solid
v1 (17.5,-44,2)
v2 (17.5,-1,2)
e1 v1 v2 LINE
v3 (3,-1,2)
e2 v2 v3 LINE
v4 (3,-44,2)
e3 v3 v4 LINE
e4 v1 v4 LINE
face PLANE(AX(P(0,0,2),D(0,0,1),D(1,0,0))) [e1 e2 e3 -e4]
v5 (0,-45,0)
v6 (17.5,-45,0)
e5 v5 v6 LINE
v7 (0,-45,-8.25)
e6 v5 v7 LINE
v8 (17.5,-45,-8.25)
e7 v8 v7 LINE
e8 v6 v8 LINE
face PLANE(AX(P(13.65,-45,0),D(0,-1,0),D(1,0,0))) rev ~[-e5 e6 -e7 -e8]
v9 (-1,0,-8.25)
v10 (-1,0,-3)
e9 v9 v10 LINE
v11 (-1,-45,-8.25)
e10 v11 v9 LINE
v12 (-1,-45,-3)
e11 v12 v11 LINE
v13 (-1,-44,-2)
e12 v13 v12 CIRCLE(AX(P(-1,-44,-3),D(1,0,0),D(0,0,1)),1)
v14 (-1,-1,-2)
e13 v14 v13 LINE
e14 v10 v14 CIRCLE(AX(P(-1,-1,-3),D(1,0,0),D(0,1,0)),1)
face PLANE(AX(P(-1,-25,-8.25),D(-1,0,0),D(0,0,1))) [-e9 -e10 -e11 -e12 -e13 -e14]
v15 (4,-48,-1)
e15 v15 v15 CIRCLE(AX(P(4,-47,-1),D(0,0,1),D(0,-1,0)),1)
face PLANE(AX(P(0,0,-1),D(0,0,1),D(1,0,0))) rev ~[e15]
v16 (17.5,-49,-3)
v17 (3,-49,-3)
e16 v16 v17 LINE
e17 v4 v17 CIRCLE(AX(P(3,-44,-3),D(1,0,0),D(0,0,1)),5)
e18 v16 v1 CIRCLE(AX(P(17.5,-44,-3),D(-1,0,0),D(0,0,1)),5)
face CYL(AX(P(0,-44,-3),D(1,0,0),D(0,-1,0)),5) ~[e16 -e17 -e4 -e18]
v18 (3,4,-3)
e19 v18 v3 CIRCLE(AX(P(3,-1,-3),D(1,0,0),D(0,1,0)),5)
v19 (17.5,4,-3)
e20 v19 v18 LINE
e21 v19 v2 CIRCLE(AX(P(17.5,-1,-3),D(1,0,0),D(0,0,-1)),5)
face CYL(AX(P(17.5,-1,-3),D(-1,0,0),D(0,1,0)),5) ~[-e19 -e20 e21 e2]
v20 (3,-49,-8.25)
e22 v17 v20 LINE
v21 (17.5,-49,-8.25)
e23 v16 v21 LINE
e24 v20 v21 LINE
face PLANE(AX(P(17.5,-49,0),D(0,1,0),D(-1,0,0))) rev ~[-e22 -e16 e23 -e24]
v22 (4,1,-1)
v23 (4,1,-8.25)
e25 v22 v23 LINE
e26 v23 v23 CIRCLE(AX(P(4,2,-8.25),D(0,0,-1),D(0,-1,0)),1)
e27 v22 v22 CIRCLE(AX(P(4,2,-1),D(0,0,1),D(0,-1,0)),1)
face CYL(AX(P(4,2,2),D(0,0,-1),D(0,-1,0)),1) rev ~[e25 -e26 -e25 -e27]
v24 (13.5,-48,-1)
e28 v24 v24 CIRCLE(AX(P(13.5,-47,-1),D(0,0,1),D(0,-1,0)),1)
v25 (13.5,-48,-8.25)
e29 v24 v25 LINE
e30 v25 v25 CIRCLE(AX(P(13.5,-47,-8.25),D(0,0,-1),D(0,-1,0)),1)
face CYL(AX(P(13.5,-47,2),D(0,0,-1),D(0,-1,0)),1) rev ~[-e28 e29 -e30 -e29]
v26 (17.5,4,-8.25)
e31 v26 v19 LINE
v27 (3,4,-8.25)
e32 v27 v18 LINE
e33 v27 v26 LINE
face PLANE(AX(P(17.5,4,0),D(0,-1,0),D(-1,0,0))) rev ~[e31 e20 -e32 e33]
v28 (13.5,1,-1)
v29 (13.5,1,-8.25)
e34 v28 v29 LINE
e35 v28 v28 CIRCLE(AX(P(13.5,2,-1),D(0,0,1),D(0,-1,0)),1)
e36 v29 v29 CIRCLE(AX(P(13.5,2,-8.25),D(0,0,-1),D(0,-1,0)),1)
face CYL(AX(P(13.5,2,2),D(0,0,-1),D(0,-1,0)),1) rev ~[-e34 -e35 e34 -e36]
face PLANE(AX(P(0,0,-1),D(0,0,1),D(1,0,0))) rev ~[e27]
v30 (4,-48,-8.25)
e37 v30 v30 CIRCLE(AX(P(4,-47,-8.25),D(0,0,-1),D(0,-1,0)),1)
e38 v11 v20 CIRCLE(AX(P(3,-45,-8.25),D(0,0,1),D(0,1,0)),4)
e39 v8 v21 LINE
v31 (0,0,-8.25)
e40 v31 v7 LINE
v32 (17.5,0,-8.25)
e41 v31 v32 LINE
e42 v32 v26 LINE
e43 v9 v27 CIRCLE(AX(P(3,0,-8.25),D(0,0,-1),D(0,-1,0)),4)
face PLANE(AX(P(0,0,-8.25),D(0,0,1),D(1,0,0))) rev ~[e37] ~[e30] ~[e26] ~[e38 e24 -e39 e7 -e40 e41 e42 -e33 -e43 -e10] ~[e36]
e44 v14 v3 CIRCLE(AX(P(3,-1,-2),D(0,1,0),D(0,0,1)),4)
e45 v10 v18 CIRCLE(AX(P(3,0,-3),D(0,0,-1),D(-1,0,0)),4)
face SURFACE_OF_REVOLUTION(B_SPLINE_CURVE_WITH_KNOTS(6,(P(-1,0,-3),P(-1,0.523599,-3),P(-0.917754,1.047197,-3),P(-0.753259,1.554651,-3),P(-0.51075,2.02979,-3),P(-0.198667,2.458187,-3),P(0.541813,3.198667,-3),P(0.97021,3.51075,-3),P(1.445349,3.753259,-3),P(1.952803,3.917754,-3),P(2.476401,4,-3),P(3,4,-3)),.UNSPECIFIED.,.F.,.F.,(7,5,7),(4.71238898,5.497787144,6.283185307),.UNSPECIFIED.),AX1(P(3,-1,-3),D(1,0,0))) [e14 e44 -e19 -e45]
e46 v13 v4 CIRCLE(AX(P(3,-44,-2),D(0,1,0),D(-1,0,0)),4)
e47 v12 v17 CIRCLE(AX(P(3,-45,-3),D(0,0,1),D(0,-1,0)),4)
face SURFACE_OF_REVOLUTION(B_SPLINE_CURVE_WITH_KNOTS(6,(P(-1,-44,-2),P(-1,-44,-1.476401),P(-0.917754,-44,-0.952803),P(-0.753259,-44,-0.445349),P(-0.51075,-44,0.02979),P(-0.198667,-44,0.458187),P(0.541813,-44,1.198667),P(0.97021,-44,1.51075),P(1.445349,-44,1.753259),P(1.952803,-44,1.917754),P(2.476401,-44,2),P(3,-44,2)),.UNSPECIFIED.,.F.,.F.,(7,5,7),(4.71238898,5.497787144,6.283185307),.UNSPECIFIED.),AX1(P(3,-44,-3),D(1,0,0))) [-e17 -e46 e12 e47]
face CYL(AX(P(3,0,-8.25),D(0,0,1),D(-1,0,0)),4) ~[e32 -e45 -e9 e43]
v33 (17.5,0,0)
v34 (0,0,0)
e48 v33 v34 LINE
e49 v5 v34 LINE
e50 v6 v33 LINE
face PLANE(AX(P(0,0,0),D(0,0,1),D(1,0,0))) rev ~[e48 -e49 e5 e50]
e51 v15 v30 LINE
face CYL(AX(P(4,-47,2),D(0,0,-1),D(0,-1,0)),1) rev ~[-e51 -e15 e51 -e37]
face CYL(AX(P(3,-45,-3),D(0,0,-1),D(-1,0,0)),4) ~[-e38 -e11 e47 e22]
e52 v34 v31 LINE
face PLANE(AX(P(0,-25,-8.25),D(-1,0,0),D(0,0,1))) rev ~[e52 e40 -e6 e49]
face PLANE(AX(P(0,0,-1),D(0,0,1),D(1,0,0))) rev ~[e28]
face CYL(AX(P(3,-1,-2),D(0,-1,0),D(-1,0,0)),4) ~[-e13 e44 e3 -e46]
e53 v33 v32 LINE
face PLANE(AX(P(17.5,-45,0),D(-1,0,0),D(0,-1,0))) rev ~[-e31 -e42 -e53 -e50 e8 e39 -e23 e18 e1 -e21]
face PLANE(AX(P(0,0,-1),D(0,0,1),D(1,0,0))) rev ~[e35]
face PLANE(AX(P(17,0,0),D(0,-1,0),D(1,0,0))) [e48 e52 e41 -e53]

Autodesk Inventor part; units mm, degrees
ref_plane "YZ Plane" through (0, 0, 0) normal (1, 0, 0) x (0, 1, 0)
ref_plane "XZ Plane" through (0, 0, 0) normal (0, 1, 0) x (-1, 0, 0)
sketch "Szkic1" plane through (0, 0, 0) normal (0, 0, 1) x (1, 0, 0)
  line L0 (13.65, -45) -> (17, -45) projected
  line L1 (0.5, -45) -> (12.85, -45) projected
  line L2 (17, -25) -> (13.65, -25) projected
  line L3 (12.85, -25) -> (0.5, -25) projected
  line L4 (13.65, -20) -> (17, -20) projected
  line L5 (0.5, -20) -> (12.85, -20) projected
  line L6 (12.85, 0) -> (0.5, 0) projected
  line L7 (17, 0) -> (13.65, 0) projected
  line L8 (0, -25.5) -> (0, -44.5) projected
  line L9 (0, -0.5) -> (0, -19.5) projected
  line L10 (17.5, -12.6805) -> (17.5, -0.5) projected
  line L11 (17.5, -44.5) -> (17.5, -32.3195) projected
  line L12 (0, -45) -> (17.5, -45)
  line L13 (17.5, -45) -> (17.5, -49)
  line L14 (17.5, -49) -> (0, -49)
  line L15 (0, -49) -> (0, -45)
  line L16 (0, -20) -> (17.5, -20)
  line L17 (17.5, -20) -> (17.5, -25)
  line L18 (17.5, -25) -> (0, -25)
  line L19 (0, -25) -> (0, -20)
  line L20 (0, 0) -> (17.5, 0)
  line L21 (17.5, 0) -> (17.5, 4)
  line L22 (17.5, 4) -> (0, 4)
  line L23 (0, 4) -> (0, 0)
  line L24 (0, 4) -> (17.5, 4)
  line L25 (17.5, 4) -> (17.5, -49)
  line L26 (17.5, -49) -> (0, -49)
  line L27 (0, -49) -> (0, 4)
  dimension "d0" = 4
  dimension "d1" = 4
ref_plane "Płaszczyzna konstrukcyjna1" through (-42.5, -72.5, -8.25) normal (0, 0, 1) x (1, 0, 0)
extrude "Wyciągnięcie proste1" add sketch "Szkic1" against normal up to surface (8.25 mm away) contours L0 L12 L13 L14 L15 L1 | L18 L2 L3 L19 L16 L5 L4 L17 | L20 L7 L6 L23 L22 L21
sketch "Szkic2" plane through (0, 0, 0) normal (0, 0, 1) x (1, 0, 0)
  line L0 (0, 0) -> (17.5, 0) projected
  line L1 (17.5, 0) -> (17.5, 4) projected
  line L2 (17.5, 4) -> (0, 4) projected
  line L3 (0, 4) -> (0, 0) projected
  line L4 (0, -25) -> (17.5, -25) projected
  line L5 (17.5, -25) -> (17.5, -20) projected
  line L6 (17.5, -20) -> (0, -20) projected
  line L7 (0, -20) -> (0, -25) projected
  line L8 (0, -49) -> (17.5, -49) projected
  line L9 (17.5, -49) -> (17.5, -45) projected
  line L10 (17.5, -45) -> (0, -45) projected
  line L11 (0, -45) -> (0, -49) projected
  line L12 (0, 4) -> (17.5, 4) projected
  line L13 (17.5, 4) -> (0, 4)
  line L14 (0, 4) -> (0, -49)
  line L15 (0, -49) -> (17.5, -49)
  line L16 (17.5, -49) -> (17.5, 4)
extrude "Wyciągnięcie proste2" add sketch "Szkic2" along normal blind 2
sketch "Szkic3" plane through (0, 0, 2) normal (0, 0, 1) x (1, 0, 0)
  line L0 (17.5, -45) -> (0, -45) projected
  line L1 (0, 4) -> (0, -49) projected
  line L2 (0, -49) -> (17.5, -49) projected
  line L3 (17.5, -49) -> (17.5, 4) projected
  line L4 (0, -25) -> (17.5, -25) projected
  line L5 (17.5, -20) -> (0, -20) projected
  line L6 (0, 0) -> (17.5, 0) projected
  line L7 (17.5, 4) -> (0, 4) projected
  point P0 (13.5, -47)
  point P1 (4, -47)
  point P2 (13.5, -22.5)
  point P3 (4, -22.5)
  point P4 (13.5, 2)
  point P5 (4, 2)
  dimension "d6" = 2
  dimension "d7" = 2
  dimension "d8" = 2.5
  dimension "d9" = 2.5
  dimension "d10" = 2
  dimension "d11" = 2
  dimension "d12" = 4
  dimension "d13" = 4
  dimension "d14" = 4
  dimension "d15" = 4
  dimension "d16" = 4
  dimension "d17" = 4
hole "Otwór1" at (13.5, -47, 2) at (4, -47, 2) at (13.5, -22.5, 2) at (4, -22.5, 2) at (13.5, 2, 2) at (4, 2, 2) direction (0, 0, -1) diameter 2 end through all
sketch "Szkic4" plane through (0, 0, 2) normal (0, 0, 1) x (1, 0, 0)
  circle A0 centre (13.5, 2) radius 1 projected
  circle A1 centre (13.5, -22.5) radius 1 projected
  circle A2 centre (13.5, -47) radius 1 projected
  circle A3 centre (4, -47) radius 1 projected
  circle A4 centre (4, -22.5) radius 1 projected
  circle A5 centre (4, 2) radius 1 projected
  line L0 (17.5, -49) -> (17.5, 4) projected
  line L1 (17.5, 4) -> (0, 4) projected
  line L2 (0, 4) -> (0, -49) projected
  line L3 (0, -49) -> (17.5, -49) projected
  point P0 (0, 0)
extrude "Wyciągnięcie proste3" add sketch "Szkic4" against normal blind 3 contours A0 | A1 | A2 | A3 | A4 | A5
fillet "Zaokrąglenie1" radius 5 2 edges at (8.75, 4, 2) (8.75, -49, 2)
sketch "Szkic5" plane through (0, -25, -8.25) normal (-1, 0, 0) x (0, 0, 1)
  arc A0 (5.25, -24) -> (10.25, -19) centre (5.25, -19) ccw projected
  line L0 (10.25, 24) -> (10.25, -19) projected
  arc A1 (10.25, 24) -> (5.25, 29) centre (5.25, 24) ccw projected
  line L1 (0, 29) -> (5.25, 29) projected
  line L2 (0, 25) -> (0, 29) projected
  line L3 (8.25, 25) -> (0, 25) projected
  line L4 (8.25, 25) -> (8.25, 5) projected
  line L5 (8.25, 5) -> (0, 5) projected
  line L6 (0, 0) -> (0, 5) projected
  line L7 (8.25, 0) -> (0, 0) projected
  line L8 (8.25, 0) -> (8.25, -20) projected
  line L9 (8.25, -20) -> (0, -20) projected
  line L10 (0, -24) -> (0, -20) projected
  line L11 (5.25, -24) -> (0, -24) projected
  line L12 (0, 25) -> (0, -20)
extrude "Wyciągnięcie proste4" add sketch "Szkic5" along normal blind 1
fillet "Zaokrąglenie2" radius 4 5 edges at (-1, 4, -5.625) (-1, -22.5, 2) (-1, -47.5355, 0.5355) (-1, -49, -5.625) (-1, 2.5355, 0.5355)
sketch "Szkic6" plane through (17.5, -25, -8.25) normal (0, 0, -1) x (-1, 0, 0)
  circle A0 centre (13.5, -22) radius 1 projected
  circle A1 centre (4, -22) radius 1 projected
  circle A2 centre (13.5, 27) radius 1 projected
  circle A3 centre (4, 27) radius 1 projected
  circle A4 centre (4, 2.5) radius 1 projected
  circle A5 centre (13.5, 2.5) radius 1 projected
  arc A6 (18.5, 25) -> (14.5, 29) centre (14.5, 25) ccw projected
  line L0 (14.5, 29) -> (0, 29) projected
  line L1 (0, 29) -> (0, 25) projected
  line L2 (0, 25) -> (17.5, 25) projected
  line L3 (17.5, 25) -> (17.5, 5) projected
  line L4 (17.5, 5) -> (0, 5) projected
  line L5 (0, 5) -> (0, 0) projected
  line L6 (0, 0) -> (17.5, 0) projected
  line L7 (17.5, 0) -> (17.5, -20) projected
  line L8 (17.5, -20) -> (0, -20) projected
  line L9 (0, -20) -> (0, -24) projected
  line L10 (0, -24) -> (14.5, -24) projected
  arc A7 (14.5, -24) -> (18.5, -20) centre (14.5, -20) ccw projected
  line L11 (18.5, 25) -> (18.5, -20) projected
  line L12 (17.5, 0) -> (0, 0) projected
  line L13 (0, 5) -> (17.5, 5)
  line L14 (17.5, 5) -> (17.5, 0)
  line L15 (17.5, 0) -> (0, 0)
  line L16 (0, 0) -> (0, 5)
extrude "Wyciągnięcie proste5" cut sketch "Szkic6" against normal up to surface (8.25 mm away) contours A4 | A5 | L14 L6 L5 L4
properties part number "uchwyt_serw"
